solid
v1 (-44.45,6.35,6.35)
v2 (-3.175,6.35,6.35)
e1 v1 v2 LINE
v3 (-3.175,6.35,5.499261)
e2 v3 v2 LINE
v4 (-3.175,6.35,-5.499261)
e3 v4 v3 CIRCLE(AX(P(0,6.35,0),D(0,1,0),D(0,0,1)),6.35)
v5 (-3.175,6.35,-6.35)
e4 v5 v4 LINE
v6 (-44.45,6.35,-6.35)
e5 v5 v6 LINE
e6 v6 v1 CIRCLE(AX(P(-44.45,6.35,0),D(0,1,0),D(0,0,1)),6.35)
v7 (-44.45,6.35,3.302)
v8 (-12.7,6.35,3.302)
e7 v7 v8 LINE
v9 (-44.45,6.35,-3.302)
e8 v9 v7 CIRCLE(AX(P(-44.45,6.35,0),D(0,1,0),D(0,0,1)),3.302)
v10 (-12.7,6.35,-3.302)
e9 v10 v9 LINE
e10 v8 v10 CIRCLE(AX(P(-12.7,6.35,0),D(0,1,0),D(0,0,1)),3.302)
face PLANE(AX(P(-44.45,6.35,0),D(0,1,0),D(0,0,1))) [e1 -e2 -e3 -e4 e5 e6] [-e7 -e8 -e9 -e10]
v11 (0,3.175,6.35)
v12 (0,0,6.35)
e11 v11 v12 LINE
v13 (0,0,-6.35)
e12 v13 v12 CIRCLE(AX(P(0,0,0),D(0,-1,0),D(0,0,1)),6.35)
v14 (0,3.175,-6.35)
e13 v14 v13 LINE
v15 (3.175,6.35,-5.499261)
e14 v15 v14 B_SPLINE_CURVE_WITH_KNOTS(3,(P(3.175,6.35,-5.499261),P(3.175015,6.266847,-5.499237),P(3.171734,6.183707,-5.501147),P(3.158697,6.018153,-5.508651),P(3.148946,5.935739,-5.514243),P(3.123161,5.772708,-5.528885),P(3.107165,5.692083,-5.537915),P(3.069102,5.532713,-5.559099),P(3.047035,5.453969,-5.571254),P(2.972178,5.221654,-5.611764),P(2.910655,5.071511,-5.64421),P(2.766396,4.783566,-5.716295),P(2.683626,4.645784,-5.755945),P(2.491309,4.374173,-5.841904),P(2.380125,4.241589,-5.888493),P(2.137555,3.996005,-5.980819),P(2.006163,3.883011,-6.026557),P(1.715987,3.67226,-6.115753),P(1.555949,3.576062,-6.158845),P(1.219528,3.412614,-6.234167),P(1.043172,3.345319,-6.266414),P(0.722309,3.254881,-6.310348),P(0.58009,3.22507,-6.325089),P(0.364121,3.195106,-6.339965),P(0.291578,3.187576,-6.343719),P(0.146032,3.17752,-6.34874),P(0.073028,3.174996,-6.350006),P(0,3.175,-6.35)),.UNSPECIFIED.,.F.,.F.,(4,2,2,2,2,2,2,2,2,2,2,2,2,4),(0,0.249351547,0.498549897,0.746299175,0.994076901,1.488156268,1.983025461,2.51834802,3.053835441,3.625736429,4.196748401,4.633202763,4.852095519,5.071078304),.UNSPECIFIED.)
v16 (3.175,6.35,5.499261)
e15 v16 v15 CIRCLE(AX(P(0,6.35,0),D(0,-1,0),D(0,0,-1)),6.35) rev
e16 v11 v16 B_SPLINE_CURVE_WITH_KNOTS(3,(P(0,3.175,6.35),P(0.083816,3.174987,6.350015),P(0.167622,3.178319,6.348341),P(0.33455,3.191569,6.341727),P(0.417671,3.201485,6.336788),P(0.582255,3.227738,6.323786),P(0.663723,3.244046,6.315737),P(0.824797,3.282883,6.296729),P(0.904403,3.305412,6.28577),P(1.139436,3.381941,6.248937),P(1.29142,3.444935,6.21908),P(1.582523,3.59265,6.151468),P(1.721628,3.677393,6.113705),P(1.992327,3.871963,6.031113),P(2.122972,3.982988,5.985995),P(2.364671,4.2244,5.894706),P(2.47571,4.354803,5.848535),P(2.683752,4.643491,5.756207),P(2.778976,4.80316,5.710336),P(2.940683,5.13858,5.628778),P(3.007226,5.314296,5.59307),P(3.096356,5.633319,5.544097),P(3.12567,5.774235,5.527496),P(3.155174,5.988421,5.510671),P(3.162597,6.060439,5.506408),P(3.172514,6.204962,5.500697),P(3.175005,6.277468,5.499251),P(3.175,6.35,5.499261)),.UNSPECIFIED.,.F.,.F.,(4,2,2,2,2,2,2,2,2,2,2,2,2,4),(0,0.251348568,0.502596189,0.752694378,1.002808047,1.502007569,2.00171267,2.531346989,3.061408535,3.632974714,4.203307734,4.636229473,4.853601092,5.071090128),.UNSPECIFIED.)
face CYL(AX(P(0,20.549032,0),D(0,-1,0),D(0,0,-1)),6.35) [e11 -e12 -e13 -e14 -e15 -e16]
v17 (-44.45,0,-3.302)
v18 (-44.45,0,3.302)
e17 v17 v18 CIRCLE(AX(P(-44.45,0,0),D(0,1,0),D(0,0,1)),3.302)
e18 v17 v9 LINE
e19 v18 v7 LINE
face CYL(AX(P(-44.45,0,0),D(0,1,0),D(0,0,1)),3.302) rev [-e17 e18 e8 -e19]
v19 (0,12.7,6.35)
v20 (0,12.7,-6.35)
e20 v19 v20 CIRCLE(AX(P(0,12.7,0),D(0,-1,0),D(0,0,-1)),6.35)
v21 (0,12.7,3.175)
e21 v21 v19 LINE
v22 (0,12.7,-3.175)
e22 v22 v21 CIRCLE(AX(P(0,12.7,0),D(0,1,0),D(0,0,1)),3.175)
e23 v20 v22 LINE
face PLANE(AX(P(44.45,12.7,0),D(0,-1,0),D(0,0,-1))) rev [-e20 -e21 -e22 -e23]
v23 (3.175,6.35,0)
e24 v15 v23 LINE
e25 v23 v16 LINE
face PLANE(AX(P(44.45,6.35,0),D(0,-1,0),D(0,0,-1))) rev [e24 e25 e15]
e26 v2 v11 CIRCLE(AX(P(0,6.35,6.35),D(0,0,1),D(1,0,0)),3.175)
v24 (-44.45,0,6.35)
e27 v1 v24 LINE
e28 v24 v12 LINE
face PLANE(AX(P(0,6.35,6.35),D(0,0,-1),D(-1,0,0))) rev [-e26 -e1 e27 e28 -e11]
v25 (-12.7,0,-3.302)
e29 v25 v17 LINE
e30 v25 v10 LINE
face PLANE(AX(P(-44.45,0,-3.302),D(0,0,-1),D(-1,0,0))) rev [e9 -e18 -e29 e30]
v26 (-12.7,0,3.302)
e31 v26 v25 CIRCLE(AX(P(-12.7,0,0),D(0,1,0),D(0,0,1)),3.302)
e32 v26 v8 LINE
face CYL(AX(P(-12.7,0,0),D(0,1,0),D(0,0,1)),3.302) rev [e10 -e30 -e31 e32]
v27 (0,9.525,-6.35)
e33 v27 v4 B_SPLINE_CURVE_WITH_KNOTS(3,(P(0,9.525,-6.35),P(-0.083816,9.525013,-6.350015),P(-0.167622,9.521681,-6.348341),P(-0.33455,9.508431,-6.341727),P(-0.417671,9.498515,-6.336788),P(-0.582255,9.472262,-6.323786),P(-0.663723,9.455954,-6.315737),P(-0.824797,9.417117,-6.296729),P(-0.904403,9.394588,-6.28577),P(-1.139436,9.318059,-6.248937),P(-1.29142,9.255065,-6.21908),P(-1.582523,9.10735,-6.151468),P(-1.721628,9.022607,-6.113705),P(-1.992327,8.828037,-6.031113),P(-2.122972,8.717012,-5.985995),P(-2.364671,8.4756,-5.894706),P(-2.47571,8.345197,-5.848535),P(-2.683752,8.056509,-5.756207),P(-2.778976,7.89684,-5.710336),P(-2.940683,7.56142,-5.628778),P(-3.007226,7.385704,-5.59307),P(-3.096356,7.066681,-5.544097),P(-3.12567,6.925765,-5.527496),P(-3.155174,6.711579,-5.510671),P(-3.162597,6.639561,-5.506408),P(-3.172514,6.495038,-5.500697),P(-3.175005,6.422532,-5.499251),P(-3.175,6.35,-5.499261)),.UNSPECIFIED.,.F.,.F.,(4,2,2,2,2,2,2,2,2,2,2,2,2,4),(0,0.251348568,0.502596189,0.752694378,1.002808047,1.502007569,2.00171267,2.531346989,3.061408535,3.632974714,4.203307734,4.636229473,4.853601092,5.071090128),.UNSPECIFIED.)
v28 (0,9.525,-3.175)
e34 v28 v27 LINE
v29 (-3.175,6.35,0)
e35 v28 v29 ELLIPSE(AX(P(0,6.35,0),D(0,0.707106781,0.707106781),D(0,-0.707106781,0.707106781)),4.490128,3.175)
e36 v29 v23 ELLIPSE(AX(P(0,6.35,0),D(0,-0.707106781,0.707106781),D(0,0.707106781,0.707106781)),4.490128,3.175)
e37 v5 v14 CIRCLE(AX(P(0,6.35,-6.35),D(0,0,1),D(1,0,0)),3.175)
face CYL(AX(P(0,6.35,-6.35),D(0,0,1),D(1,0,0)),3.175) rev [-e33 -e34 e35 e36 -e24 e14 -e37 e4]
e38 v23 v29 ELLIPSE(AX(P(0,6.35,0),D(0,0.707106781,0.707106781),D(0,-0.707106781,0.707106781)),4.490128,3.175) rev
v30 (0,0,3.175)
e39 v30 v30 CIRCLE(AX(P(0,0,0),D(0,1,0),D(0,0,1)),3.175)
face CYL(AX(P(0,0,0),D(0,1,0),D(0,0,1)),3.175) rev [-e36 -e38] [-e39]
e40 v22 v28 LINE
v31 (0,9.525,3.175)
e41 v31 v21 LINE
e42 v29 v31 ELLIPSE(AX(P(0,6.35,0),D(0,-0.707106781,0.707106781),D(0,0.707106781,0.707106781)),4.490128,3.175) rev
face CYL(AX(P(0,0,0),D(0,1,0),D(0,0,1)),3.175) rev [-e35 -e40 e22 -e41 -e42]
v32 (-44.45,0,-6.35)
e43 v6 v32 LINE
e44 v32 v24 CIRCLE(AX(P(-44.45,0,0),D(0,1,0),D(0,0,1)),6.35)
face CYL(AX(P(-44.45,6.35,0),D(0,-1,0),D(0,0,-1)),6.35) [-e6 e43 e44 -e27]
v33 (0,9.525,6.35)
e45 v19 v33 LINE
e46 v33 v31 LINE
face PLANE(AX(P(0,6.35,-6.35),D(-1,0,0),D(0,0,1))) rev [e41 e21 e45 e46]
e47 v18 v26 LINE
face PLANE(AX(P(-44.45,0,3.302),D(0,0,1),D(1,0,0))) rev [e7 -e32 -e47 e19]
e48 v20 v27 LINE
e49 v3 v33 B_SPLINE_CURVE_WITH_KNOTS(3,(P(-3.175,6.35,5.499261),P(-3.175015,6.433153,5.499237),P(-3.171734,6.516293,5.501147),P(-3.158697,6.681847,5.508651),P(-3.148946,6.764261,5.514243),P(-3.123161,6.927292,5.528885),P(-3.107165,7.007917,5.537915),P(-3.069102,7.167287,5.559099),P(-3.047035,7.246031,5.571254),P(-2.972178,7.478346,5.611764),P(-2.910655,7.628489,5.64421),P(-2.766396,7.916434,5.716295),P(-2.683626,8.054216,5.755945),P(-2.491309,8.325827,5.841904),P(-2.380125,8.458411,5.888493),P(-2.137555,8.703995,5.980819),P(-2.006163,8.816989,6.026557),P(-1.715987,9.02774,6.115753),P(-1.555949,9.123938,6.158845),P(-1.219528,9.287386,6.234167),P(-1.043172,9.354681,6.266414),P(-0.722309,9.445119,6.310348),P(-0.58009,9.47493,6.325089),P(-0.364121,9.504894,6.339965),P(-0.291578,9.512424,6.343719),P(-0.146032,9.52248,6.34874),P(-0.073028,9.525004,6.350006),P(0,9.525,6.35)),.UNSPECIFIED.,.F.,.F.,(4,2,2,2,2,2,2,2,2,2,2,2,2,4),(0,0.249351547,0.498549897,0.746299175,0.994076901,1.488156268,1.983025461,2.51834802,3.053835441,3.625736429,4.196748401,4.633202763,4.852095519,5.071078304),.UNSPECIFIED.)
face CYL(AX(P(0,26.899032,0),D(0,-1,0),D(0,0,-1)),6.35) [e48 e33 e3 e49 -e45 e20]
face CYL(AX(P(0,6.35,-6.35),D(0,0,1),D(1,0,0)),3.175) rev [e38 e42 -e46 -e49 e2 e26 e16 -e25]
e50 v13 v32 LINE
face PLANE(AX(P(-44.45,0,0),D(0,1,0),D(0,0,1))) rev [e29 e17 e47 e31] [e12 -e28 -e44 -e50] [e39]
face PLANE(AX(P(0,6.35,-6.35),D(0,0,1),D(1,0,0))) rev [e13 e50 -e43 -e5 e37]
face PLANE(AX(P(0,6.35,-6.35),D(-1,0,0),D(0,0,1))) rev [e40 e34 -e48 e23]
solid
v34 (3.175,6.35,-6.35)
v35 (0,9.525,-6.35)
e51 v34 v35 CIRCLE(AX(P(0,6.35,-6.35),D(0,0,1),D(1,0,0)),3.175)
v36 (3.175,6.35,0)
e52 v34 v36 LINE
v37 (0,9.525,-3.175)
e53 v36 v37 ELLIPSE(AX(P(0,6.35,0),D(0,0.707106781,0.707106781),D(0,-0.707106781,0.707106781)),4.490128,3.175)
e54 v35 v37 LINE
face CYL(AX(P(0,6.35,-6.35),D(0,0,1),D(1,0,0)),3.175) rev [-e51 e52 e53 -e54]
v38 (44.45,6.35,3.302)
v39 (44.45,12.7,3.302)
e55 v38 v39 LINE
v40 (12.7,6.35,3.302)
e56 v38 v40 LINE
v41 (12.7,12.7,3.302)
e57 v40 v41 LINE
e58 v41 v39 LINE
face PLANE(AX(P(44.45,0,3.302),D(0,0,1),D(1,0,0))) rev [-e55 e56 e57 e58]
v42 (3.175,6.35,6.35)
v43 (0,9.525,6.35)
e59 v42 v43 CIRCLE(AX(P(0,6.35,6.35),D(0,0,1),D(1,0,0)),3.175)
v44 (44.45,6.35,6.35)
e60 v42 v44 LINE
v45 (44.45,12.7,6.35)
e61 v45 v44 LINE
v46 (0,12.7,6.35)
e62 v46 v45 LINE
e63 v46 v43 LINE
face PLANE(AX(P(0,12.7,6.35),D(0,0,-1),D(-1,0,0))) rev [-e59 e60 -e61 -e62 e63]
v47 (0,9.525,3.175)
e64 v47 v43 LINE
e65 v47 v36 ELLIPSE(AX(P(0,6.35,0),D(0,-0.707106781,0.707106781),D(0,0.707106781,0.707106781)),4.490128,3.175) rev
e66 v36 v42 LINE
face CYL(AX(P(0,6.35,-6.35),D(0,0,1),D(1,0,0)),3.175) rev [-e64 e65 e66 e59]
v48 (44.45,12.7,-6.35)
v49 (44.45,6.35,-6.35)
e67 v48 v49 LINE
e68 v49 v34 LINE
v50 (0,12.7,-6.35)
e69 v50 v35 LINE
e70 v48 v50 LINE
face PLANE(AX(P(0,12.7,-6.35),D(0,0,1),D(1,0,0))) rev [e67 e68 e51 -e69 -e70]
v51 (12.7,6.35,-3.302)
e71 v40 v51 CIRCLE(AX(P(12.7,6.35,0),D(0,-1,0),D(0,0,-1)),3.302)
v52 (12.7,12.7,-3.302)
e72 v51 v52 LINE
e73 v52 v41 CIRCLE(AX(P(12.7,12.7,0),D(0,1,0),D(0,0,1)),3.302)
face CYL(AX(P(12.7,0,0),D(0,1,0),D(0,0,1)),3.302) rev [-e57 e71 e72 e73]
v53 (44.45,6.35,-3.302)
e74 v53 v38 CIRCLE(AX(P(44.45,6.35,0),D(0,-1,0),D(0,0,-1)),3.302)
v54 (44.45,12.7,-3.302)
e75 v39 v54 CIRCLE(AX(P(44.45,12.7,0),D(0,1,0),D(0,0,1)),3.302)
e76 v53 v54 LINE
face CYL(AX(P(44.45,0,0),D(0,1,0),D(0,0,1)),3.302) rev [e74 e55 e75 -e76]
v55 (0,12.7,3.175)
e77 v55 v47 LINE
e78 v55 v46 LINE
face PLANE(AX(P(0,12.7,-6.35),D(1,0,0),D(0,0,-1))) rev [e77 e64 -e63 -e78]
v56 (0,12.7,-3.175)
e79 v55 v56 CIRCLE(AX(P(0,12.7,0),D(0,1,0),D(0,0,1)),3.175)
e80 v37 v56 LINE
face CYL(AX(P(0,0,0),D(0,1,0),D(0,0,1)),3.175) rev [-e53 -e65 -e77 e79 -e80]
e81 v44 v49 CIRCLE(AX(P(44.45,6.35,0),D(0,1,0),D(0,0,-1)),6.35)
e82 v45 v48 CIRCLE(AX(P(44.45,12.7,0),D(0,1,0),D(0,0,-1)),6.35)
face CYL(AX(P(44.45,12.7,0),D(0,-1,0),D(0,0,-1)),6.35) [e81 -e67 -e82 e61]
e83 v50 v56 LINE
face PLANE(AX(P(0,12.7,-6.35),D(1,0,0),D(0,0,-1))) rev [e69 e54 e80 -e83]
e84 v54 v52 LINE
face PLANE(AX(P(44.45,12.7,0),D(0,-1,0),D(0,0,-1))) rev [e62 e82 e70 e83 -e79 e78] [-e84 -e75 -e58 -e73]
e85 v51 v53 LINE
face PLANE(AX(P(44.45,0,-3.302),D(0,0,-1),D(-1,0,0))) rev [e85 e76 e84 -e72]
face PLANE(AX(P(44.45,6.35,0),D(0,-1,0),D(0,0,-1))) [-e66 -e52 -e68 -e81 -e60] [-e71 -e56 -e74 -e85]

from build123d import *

# Parameters (mm, degrees)
BOSS_EXTRUDE1_DEPTH = 6.35
BOSS_EXTRUDE2_DEPTH = 6.35
BOSS_EXTRUDE3_DEPTH = 6.35
BOSS_EXTRUDE4_DEPTH = 6.35
CUT_EXTRUDE3_DEPTH  = 53.74706153
SKETCH9_R           = 3.175
CUT_EXTRUDE5_DEPTH  = 54.881536726
SKETCH10_R          = 3.175
CUT_EXTRUDE6_DEPTH  = 53.747061566


with BuildPart() as part:
    # Sketch1 → Boss-Extrude1 (new body)
    with BuildSketch(Plane(origin=(0, 0, 0), x_dir=(1, 0, 0), z_dir=(0, 1, 0))):
        with BuildLine():
            Line((0, 6.35), (-44.45, 6.35))
            ThreePointArc((-44.45, 6.35), (-50.8, 0), (-44.45, -6.35))
            Line((-44.45, -6.35), (0, -6.35))
            Line((0, -6.35), (0, 6.35))
        make_face()
    extrude(amount=BOSS_EXTRUDE1_DEPTH)

    # Sketch5 → Boss-Extrude3 (add)
    with BuildSketch(Plane(origin=(0, 6.35, 0), x_dir=(1, 0, 0), z_dir=(0, 1, 0))):
        with BuildLine():
            Line((0, 6.35), (0, -6.35))
            ThreePointArc((0, -6.35), (-6.35, 0), (0, 6.35))
        make_face()
    extrude(amount=BOSS_EXTRUDE3_DEPTH)

    # Sketch6 → Boss-Extrude4 (add)
    with BuildSketch(Plane.XZ):
        with BuildLine():
            Line((0, 6.35), (0, -6.35))
            ThreePointArc((0, -6.35), (6.35, 0), (0, 6.35))
        make_face()
    extrude(amount=-BOSS_EXTRUDE4_DEPTH)


with BuildPart() as body_2:
    # Sketch2 → Boss-Extrude2 (new body)
    with BuildSketch(Plane(origin=(0, 6.35, 0), x_dir=(1, 0, 0), z_dir=(0, 1, 0))):
        with BuildLine():
            Line((0, 6.35), (44.45, 6.35))
            ThreePointArc((44.45, 6.35), (50.8, 0), (44.45, -6.35))
            Line((44.45, -6.35), (0, -6.35))
            Line((0, -6.35), (0, 6.35))
        make_face()
    extrude(amount=BOSS_EXTRUDE2_DEPTH)


with BuildPart() as cut_extrude3_tool:
    # Sketch4 → Cut-Extrude3 (new, through all)
    with BuildSketch(Plane(origin=(0, 12.7, 0), x_dir=(1, 0, 0), z_dir=(0, 1, 0))):
        with BuildLine():
            Line((-44.45, 3.302), (-12.7, 3.302))
            ThreePointArc((-12.7, 3.302), (-9.398, 0), (-12.7, -3.302))
            Line((-12.7, -3.302), (-44.45, -3.302))
            ThreePointArc((-44.45, -3.302), (-47.752, 0), (-44.45, 3.302))
        make_face()
        with BuildLine():
            Line((44.45, -3.302), (12.7, -3.302))
            ThreePointArc((12.7, -3.302), (9.398, 0), (12.7, 3.302))
            Line((12.7, 3.302), (44.45, 3.302))
            ThreePointArc((44.45, 3.302), (47.752, 0), (44.45, -3.302))
        make_face()
    extrude(amount=-CUT_EXTRUDE3_DEPTH)


with BuildPart() as part_1:
    add(part.part)

    # Cut-Extrude3: cut by cut_extrude3_tool
    add(cut_extrude3_tool.part, mode=Mode.SUBTRACT)


with BuildPart() as body_2_1:
    add(body_2.part)

    # Cut-Extrude3: cut by cut_extrude3_tool
    add(cut_extrude3_tool.part, mode=Mode.SUBTRACT)


with BuildPart() as cut_extrude5_tool:
    # Sketch9 → Cut-Extrude5 (new, through all)
    with BuildSketch(Plane.XY.offset(6.35)):
        with Locations((0, 6.35)):
            Circle(SKETCH9_R)
    extrude(amount=-CUT_EXTRUDE5_DEPTH)


with BuildPart() as part_2:
    add(part_1.part)

    # Cut-Extrude5: cut by cut_extrude5_tool
    add(cut_extrude5_tool.part, mode=Mode.SUBTRACT)


with BuildPart() as body_2_2:
    add(body_2_1.part)

    # Cut-Extrude5: cut by cut_extrude5_tool
    add(cut_extrude5_tool.part, mode=Mode.SUBTRACT)


with BuildPart() as cut_extrude6_tool:
    # Sketch10 → Cut-Extrude6 (new, through all)
    with BuildSketch(Plane(origin=(0, 12.7, 0), x_dir=(1, 0, 0), z_dir=(0, 1, 0))):
        with Locations(Location((0, 0, 0), (0, 0, 270))):
            Circle(SKETCH10_R)
    extrude(amount=-CUT_EXTRUDE6_DEPTH)


with BuildPart() as part_3:
    add(part_2.part)

    # Cut-Extrude6: cut by cut_extrude6_tool
    add(cut_extrude6_tool.part, mode=Mode.SUBTRACT)


with BuildPart() as body_2_3:
    add(body_2_2.part)

    # Cut-Extrude6: cut by cut_extrude6_tool
    add(cut_extrude6_tool.part, mode=Mode.SUBTRACT)


solid = Compound([part_3.part, body_2_3.part])
